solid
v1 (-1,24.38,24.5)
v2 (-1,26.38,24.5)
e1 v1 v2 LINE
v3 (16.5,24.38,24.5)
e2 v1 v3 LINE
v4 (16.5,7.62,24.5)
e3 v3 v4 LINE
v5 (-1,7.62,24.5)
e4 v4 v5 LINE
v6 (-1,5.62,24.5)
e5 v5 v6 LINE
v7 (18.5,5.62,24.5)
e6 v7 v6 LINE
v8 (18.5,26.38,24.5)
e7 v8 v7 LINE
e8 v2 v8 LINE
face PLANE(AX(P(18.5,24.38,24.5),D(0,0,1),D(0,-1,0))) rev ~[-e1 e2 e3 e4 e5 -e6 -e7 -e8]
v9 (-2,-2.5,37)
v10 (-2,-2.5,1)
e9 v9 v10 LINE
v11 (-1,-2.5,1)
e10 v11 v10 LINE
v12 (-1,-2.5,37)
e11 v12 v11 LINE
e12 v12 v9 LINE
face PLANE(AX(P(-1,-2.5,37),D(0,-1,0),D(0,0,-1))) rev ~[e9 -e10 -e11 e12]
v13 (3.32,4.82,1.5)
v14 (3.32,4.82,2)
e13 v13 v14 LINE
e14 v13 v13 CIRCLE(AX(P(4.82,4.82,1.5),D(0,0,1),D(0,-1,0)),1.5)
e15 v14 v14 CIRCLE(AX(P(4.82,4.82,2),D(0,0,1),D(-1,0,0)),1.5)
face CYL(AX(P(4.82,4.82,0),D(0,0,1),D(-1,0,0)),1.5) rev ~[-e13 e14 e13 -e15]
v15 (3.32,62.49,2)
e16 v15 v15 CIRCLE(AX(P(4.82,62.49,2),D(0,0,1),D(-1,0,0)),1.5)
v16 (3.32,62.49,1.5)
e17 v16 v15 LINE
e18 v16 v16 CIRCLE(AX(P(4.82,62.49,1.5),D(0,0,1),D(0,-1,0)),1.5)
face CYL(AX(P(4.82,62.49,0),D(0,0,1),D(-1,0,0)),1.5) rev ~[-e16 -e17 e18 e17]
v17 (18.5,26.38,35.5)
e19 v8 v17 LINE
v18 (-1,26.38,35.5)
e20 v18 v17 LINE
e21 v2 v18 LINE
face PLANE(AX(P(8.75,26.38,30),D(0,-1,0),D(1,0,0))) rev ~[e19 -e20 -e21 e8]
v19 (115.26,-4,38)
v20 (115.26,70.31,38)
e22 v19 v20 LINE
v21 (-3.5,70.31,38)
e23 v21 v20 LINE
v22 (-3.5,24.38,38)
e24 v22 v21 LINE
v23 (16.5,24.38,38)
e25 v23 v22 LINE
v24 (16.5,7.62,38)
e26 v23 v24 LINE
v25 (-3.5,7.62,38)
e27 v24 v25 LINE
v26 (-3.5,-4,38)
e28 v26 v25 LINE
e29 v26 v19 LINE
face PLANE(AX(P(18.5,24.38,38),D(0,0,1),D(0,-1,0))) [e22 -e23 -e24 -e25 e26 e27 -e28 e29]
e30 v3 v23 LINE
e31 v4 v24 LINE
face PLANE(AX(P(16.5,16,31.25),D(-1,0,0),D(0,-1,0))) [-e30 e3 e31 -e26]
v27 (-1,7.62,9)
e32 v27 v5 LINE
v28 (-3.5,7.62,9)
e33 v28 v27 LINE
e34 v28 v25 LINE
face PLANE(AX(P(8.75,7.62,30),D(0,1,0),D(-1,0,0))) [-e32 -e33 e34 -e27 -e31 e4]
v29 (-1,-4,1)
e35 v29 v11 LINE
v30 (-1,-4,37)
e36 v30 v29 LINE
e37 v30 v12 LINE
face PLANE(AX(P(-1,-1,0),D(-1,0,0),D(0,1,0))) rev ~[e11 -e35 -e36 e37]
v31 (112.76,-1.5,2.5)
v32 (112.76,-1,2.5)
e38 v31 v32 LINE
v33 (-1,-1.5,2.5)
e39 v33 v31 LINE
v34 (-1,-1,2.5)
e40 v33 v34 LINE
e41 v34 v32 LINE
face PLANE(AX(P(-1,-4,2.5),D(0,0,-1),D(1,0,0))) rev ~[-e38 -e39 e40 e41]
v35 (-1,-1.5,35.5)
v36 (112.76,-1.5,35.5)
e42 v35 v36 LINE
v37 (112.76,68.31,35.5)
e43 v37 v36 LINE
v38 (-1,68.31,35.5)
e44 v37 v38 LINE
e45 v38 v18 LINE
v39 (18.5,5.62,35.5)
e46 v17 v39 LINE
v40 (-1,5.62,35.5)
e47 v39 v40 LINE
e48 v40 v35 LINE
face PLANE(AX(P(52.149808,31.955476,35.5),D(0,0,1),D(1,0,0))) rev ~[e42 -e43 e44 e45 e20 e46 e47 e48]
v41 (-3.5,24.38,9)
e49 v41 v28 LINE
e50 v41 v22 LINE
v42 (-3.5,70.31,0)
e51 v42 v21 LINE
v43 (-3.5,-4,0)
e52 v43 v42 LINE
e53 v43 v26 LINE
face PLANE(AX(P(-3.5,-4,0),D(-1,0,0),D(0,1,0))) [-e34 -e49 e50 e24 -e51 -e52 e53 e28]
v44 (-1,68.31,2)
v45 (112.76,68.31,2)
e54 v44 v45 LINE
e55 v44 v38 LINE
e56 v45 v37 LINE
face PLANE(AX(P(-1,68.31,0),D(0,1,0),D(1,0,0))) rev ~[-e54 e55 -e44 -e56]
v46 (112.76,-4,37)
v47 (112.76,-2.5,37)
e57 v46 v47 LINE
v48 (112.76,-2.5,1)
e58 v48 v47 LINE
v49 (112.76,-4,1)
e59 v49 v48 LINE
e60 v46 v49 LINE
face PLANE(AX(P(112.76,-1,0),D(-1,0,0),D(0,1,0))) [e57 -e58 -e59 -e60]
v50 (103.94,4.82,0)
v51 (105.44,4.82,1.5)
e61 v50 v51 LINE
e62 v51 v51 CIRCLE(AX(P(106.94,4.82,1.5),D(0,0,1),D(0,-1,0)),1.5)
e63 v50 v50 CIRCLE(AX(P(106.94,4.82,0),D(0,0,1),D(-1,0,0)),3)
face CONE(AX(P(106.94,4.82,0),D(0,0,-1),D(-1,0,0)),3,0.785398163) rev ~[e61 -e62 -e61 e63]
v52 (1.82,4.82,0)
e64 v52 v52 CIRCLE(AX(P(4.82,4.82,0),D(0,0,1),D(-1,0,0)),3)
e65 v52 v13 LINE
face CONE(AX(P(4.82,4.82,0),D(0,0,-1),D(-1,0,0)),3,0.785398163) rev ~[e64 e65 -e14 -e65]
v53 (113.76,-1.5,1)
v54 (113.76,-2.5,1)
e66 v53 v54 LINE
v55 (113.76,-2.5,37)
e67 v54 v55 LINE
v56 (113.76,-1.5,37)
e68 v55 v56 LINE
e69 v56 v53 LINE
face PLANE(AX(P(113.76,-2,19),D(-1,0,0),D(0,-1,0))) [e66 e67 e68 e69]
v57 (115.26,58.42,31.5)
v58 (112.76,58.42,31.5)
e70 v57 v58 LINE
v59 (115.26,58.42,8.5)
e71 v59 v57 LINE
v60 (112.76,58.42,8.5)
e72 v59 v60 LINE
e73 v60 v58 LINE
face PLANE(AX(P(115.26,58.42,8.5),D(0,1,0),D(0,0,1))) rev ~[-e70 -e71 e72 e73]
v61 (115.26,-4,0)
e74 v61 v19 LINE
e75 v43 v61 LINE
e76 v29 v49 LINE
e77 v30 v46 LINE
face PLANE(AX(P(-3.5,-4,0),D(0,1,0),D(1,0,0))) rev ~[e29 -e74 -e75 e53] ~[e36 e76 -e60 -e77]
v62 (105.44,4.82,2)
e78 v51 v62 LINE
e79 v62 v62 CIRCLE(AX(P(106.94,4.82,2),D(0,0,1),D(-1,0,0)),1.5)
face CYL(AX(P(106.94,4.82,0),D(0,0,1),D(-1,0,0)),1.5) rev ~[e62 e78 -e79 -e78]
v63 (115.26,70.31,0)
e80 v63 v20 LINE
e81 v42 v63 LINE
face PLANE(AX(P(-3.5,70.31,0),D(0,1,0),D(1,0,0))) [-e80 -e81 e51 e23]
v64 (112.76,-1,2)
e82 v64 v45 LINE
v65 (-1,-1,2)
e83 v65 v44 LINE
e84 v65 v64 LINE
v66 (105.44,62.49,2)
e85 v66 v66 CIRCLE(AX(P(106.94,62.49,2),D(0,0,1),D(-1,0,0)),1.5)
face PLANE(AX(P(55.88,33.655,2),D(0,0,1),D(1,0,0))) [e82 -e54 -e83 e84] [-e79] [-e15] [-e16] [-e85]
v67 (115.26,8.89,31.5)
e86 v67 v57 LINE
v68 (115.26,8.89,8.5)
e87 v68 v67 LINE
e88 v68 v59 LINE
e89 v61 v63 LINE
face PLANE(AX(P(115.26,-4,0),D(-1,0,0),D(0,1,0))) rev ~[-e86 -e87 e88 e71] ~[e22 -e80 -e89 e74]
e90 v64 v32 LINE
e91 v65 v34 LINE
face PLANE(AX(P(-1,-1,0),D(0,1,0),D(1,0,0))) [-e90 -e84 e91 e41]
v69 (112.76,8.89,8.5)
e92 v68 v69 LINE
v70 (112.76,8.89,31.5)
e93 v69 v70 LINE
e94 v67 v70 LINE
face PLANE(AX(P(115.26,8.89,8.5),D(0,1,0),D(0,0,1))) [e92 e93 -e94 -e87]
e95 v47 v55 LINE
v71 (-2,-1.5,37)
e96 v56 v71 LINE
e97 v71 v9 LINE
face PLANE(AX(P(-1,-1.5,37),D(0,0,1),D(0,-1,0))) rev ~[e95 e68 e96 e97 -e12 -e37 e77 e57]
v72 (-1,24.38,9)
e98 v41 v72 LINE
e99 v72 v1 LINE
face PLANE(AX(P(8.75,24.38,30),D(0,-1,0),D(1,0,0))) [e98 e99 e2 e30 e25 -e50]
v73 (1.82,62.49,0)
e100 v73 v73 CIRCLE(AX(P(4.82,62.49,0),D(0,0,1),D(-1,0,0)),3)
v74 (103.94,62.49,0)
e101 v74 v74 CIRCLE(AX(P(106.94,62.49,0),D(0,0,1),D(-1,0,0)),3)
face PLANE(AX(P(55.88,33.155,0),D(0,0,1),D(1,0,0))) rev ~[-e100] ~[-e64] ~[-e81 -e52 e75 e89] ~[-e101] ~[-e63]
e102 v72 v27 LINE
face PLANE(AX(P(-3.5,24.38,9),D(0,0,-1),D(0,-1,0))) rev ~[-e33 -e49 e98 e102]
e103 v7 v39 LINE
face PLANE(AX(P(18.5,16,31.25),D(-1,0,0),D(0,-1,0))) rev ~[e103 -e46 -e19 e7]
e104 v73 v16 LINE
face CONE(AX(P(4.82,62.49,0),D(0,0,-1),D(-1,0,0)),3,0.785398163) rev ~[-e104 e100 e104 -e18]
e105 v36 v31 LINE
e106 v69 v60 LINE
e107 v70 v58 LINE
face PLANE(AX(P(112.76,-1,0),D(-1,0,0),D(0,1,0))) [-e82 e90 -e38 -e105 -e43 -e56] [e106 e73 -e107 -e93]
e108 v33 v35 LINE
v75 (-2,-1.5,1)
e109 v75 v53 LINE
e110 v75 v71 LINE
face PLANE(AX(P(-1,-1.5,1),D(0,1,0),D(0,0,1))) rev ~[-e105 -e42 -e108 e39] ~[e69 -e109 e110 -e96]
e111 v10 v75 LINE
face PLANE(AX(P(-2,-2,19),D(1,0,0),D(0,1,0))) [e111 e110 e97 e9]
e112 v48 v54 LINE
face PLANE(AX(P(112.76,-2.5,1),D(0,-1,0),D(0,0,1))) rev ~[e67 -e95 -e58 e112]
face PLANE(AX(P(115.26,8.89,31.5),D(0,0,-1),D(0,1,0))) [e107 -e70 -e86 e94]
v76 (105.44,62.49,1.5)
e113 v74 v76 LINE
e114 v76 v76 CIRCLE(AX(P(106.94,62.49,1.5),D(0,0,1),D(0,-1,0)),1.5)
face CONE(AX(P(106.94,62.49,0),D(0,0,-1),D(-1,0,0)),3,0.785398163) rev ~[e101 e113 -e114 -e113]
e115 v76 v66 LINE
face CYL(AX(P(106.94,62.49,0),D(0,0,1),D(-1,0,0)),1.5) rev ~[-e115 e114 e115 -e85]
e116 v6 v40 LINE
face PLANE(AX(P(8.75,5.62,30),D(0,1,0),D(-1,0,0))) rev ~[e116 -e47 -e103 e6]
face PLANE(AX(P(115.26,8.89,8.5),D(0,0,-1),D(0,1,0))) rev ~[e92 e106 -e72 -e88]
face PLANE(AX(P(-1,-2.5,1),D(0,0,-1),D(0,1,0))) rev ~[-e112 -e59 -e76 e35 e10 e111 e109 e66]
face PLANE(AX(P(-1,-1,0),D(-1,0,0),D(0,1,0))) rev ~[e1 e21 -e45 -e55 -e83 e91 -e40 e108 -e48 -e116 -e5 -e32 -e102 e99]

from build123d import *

# Parameters (mm, degrees)
F0_W            = 113.76
F0_H            = 69.31
F0_R            = 3
F0_R_2          = 1.5
F1_DEPTH        = 2
F0_W_2          = 118.76
F0_H_2          = 74.31
F2_DEPTH        = 38
F3_W            = 49.53
F3_H            = 23
F4_DEPTH        = 2.5
F5_W            = 16.76
F5_H            = 29
F6_DEPTH        = 2.5
F8_DEPTH        = 2.5
F9_W            = 19.5
F9_H            = 11
F10_DEPTH       = 2
F11_W           = 19.5
F11_H           = 11
F12_DEPTH       = 2
F13_W           = 16.76
F13_H           = 13.5
F14_DEPTH       = 2
F15_W           = 113.76
F15_H           = 33
F16_DEPTH       = 3
F17_W           = 113.76
F17_H           = 1.5
F18_DEPTH       = 2.5
F20_DEPTH       = 1
F22_DEPTH       = 1
F23_D           = 3
F23_DEPTH       = 5
F23_CSINK_D     = 6
F23_CSINK_ANGLE = 90
F23_TIP         = 0.9012909285


with BuildPart() as f1:
    # F0 (on Top) → F1 (new body)
    with BuildSketch(Plane.XY):
        with Locations((55.88, 33.655)):
            Rectangle(F0_W, F0_H)
        with Locations((4.82, 4.82)):
            Circle(F0_R, mode=Mode.SUBTRACT)
        with Locations((106.94, 4.82)):
            Circle(F0_R, mode=Mode.SUBTRACT)
        with Locations((4.82, 62.49)):
            Circle(F0_R, mode=Mode.SUBTRACT)
        with Locations((106.94, 62.49)):
            Circle(F0_R, mode=Mode.SUBTRACT)
        with Locations((106.94, 62.49)):
            Circle(F0_R)
        with Locations((106.94, 62.49)):
            Circle(F0_R_2, mode=Mode.SUBTRACT)
        with Locations((106.94, 62.49)):
            Circle(F0_R_2)
        with Locations((106.94, 4.82)):
            Circle(F0_R)
        with Locations((106.94, 4.82)):
            Circle(F0_R_2, mode=Mode.SUBTRACT)
        with Locations((106.94, 4.82)):
            Circle(F0_R_2)
        with Locations((4.82, 4.82)):
            Circle(F0_R)
        with Locations((4.82, 4.82)):
            Circle(F0_R_2, mode=Mode.SUBTRACT)
        with Locations((4.82, 4.82)):
            Circle(F0_R_2)
        with Locations((4.82, 62.49)):
            Circle(F0_R)
        with Locations((4.82, 62.49)):
            Circle(F0_R_2, mode=Mode.SUBTRACT)
        with Locations((4.82, 62.49)):
            Circle(F0_R_2)
    extrude(amount=F1_DEPTH)

    # F0 (on Top) → F2 (join)
    with BuildSketch(Plane.XY):
        with Locations((55.88, 33.155)):
            Rectangle(F0_W_2, F0_H_2)
        with Locations((55.88, 33.655)):
            Rectangle(F0_W, F0_H, mode=Mode.SUBTRACT)
    extrude(amount=F2_DEPTH)

    # F3 (on face) → F4 (cut, through all)
    with BuildSketch(Plane.YZ.offset(115.26)):
        with Locations((33.655, 20)):
            Rectangle(F3_W, F3_H)
    extrude(amount=-F4_DEPTH, mode=Mode.SUBTRACT)

    # F5 (on face) → F6 (cut, through all)
    with BuildSketch(Plane(origin=(-3.5, 0, 0), x_dir=(0, -1, 0), z_dir=(-1, 0, 0))):
        with Locations((-16, 23.5)):
            Rectangle(F5_W, F5_H)
    extrude(amount=-F6_DEPTH, mode=Mode.SUBTRACT)

    # F7 (on face) → F8 (join)
    with BuildSketch(Plane.XY.offset(38)):
        Polygon((-1, 7.62), (-1, -1), (112.76, -1), (112.76, 68.31), (-1, 68.31), (-1, 24.38), (18.5, 24.38), (18.5, 7.62), align=None)
    extrude(amount=-F8_DEPTH)

    # F9 (on face) → F10 (join)
    with BuildSketch(Plane.XZ.offset(-24.38)):
        with Locations((8.75, 30)):
            Rectangle(F9_W, F9_H)
    extrude(amount=-F10_DEPTH)

    # F11 (on face) → F12 (join)
    with BuildSketch(Plane(origin=(0, 7.62, 0), x_dir=(-1, 0, 0), z_dir=(0, 1, 0))):
        with Locations((-8.75, 30)):
            Rectangle(F11_W, F11_H)
    extrude(amount=-F12_DEPTH)

    # F13 (on face) → F14 (join)
    with BuildSketch(Plane(origin=(18.5, 0, 0), x_dir=(0, -1, 0), z_dir=(-1, 0, 0))):
        with Locations((-16, 31.25)):
            Rectangle(F13_W, F13_H)
    extrude(amount=F14_DEPTH)

    # F15 (on face) → F16 (cut, through all)
    with BuildSketch(Plane.XZ.offset(4)):
        with Locations((55.88, 19)):
            Rectangle(F15_W, F15_H)
    extrude(amount=-F16_DEPTH, mode=Mode.SUBTRACT)

    # F17 (on face) → F18 (cut)
    with BuildSketch(Plane.XZ.offset(4)):
        with Locations((55.88, 36.25)):
            Rectangle(F17_W, F17_H)
        with Locations((55.88, 1.75)):
            Rectangle(F17_W, F17_H)
    extrude(amount=-F18_DEPTH, mode=Mode.SUBTRACT)

    # F19 (on face) → F20 (cut)
    with BuildSketch(Plane.YZ.offset(-1)):
        Polygon((-1.5, 35.5), (-1.5, 37), (-2.5, 37), (-2.5, 1), (-1.5, 1), (-1.5, 2.5), align=None)
    extrude(amount=-F20_DEPTH, mode=Mode.SUBTRACT)

    # F21 (on face) → F22 (cut)
    with BuildSketch(Plane(origin=(112.76, 0, 0), x_dir=(0, -1, 0), z_dir=(-1, 0, 0))):
        Polygon((2.5, 37), (1.5, 37), (1.5, 35.5), (1.5, 2.5), (1.5, 1), (2.5, 1), align=None)
    extrude(amount=-F22_DEPTH, mode=Mode.SUBTRACT)

    # F23
    with Locations(Plane(origin=(0, 0, 0), x_dir=(1, 0, 0), z_dir=(0, 0, -1))):
        with Locations((4.82, -4.82), (106.94, -4.82), (106.94, -62.49), (4.82, -62.49)):
            CounterSinkHole(F23_D / 2, F23_CSINK_D / 2, depth=F23_DEPTH, counter_sink_angle=F23_CSINK_ANGLE)
            with Locations((0, 0, -(F23_DEPTH + F23_TIP / 2))):  # 118° drill point
                Cone(0, F23_D / 2, F23_TIP, mode=Mode.SUBTRACT)


solid = f1.part
